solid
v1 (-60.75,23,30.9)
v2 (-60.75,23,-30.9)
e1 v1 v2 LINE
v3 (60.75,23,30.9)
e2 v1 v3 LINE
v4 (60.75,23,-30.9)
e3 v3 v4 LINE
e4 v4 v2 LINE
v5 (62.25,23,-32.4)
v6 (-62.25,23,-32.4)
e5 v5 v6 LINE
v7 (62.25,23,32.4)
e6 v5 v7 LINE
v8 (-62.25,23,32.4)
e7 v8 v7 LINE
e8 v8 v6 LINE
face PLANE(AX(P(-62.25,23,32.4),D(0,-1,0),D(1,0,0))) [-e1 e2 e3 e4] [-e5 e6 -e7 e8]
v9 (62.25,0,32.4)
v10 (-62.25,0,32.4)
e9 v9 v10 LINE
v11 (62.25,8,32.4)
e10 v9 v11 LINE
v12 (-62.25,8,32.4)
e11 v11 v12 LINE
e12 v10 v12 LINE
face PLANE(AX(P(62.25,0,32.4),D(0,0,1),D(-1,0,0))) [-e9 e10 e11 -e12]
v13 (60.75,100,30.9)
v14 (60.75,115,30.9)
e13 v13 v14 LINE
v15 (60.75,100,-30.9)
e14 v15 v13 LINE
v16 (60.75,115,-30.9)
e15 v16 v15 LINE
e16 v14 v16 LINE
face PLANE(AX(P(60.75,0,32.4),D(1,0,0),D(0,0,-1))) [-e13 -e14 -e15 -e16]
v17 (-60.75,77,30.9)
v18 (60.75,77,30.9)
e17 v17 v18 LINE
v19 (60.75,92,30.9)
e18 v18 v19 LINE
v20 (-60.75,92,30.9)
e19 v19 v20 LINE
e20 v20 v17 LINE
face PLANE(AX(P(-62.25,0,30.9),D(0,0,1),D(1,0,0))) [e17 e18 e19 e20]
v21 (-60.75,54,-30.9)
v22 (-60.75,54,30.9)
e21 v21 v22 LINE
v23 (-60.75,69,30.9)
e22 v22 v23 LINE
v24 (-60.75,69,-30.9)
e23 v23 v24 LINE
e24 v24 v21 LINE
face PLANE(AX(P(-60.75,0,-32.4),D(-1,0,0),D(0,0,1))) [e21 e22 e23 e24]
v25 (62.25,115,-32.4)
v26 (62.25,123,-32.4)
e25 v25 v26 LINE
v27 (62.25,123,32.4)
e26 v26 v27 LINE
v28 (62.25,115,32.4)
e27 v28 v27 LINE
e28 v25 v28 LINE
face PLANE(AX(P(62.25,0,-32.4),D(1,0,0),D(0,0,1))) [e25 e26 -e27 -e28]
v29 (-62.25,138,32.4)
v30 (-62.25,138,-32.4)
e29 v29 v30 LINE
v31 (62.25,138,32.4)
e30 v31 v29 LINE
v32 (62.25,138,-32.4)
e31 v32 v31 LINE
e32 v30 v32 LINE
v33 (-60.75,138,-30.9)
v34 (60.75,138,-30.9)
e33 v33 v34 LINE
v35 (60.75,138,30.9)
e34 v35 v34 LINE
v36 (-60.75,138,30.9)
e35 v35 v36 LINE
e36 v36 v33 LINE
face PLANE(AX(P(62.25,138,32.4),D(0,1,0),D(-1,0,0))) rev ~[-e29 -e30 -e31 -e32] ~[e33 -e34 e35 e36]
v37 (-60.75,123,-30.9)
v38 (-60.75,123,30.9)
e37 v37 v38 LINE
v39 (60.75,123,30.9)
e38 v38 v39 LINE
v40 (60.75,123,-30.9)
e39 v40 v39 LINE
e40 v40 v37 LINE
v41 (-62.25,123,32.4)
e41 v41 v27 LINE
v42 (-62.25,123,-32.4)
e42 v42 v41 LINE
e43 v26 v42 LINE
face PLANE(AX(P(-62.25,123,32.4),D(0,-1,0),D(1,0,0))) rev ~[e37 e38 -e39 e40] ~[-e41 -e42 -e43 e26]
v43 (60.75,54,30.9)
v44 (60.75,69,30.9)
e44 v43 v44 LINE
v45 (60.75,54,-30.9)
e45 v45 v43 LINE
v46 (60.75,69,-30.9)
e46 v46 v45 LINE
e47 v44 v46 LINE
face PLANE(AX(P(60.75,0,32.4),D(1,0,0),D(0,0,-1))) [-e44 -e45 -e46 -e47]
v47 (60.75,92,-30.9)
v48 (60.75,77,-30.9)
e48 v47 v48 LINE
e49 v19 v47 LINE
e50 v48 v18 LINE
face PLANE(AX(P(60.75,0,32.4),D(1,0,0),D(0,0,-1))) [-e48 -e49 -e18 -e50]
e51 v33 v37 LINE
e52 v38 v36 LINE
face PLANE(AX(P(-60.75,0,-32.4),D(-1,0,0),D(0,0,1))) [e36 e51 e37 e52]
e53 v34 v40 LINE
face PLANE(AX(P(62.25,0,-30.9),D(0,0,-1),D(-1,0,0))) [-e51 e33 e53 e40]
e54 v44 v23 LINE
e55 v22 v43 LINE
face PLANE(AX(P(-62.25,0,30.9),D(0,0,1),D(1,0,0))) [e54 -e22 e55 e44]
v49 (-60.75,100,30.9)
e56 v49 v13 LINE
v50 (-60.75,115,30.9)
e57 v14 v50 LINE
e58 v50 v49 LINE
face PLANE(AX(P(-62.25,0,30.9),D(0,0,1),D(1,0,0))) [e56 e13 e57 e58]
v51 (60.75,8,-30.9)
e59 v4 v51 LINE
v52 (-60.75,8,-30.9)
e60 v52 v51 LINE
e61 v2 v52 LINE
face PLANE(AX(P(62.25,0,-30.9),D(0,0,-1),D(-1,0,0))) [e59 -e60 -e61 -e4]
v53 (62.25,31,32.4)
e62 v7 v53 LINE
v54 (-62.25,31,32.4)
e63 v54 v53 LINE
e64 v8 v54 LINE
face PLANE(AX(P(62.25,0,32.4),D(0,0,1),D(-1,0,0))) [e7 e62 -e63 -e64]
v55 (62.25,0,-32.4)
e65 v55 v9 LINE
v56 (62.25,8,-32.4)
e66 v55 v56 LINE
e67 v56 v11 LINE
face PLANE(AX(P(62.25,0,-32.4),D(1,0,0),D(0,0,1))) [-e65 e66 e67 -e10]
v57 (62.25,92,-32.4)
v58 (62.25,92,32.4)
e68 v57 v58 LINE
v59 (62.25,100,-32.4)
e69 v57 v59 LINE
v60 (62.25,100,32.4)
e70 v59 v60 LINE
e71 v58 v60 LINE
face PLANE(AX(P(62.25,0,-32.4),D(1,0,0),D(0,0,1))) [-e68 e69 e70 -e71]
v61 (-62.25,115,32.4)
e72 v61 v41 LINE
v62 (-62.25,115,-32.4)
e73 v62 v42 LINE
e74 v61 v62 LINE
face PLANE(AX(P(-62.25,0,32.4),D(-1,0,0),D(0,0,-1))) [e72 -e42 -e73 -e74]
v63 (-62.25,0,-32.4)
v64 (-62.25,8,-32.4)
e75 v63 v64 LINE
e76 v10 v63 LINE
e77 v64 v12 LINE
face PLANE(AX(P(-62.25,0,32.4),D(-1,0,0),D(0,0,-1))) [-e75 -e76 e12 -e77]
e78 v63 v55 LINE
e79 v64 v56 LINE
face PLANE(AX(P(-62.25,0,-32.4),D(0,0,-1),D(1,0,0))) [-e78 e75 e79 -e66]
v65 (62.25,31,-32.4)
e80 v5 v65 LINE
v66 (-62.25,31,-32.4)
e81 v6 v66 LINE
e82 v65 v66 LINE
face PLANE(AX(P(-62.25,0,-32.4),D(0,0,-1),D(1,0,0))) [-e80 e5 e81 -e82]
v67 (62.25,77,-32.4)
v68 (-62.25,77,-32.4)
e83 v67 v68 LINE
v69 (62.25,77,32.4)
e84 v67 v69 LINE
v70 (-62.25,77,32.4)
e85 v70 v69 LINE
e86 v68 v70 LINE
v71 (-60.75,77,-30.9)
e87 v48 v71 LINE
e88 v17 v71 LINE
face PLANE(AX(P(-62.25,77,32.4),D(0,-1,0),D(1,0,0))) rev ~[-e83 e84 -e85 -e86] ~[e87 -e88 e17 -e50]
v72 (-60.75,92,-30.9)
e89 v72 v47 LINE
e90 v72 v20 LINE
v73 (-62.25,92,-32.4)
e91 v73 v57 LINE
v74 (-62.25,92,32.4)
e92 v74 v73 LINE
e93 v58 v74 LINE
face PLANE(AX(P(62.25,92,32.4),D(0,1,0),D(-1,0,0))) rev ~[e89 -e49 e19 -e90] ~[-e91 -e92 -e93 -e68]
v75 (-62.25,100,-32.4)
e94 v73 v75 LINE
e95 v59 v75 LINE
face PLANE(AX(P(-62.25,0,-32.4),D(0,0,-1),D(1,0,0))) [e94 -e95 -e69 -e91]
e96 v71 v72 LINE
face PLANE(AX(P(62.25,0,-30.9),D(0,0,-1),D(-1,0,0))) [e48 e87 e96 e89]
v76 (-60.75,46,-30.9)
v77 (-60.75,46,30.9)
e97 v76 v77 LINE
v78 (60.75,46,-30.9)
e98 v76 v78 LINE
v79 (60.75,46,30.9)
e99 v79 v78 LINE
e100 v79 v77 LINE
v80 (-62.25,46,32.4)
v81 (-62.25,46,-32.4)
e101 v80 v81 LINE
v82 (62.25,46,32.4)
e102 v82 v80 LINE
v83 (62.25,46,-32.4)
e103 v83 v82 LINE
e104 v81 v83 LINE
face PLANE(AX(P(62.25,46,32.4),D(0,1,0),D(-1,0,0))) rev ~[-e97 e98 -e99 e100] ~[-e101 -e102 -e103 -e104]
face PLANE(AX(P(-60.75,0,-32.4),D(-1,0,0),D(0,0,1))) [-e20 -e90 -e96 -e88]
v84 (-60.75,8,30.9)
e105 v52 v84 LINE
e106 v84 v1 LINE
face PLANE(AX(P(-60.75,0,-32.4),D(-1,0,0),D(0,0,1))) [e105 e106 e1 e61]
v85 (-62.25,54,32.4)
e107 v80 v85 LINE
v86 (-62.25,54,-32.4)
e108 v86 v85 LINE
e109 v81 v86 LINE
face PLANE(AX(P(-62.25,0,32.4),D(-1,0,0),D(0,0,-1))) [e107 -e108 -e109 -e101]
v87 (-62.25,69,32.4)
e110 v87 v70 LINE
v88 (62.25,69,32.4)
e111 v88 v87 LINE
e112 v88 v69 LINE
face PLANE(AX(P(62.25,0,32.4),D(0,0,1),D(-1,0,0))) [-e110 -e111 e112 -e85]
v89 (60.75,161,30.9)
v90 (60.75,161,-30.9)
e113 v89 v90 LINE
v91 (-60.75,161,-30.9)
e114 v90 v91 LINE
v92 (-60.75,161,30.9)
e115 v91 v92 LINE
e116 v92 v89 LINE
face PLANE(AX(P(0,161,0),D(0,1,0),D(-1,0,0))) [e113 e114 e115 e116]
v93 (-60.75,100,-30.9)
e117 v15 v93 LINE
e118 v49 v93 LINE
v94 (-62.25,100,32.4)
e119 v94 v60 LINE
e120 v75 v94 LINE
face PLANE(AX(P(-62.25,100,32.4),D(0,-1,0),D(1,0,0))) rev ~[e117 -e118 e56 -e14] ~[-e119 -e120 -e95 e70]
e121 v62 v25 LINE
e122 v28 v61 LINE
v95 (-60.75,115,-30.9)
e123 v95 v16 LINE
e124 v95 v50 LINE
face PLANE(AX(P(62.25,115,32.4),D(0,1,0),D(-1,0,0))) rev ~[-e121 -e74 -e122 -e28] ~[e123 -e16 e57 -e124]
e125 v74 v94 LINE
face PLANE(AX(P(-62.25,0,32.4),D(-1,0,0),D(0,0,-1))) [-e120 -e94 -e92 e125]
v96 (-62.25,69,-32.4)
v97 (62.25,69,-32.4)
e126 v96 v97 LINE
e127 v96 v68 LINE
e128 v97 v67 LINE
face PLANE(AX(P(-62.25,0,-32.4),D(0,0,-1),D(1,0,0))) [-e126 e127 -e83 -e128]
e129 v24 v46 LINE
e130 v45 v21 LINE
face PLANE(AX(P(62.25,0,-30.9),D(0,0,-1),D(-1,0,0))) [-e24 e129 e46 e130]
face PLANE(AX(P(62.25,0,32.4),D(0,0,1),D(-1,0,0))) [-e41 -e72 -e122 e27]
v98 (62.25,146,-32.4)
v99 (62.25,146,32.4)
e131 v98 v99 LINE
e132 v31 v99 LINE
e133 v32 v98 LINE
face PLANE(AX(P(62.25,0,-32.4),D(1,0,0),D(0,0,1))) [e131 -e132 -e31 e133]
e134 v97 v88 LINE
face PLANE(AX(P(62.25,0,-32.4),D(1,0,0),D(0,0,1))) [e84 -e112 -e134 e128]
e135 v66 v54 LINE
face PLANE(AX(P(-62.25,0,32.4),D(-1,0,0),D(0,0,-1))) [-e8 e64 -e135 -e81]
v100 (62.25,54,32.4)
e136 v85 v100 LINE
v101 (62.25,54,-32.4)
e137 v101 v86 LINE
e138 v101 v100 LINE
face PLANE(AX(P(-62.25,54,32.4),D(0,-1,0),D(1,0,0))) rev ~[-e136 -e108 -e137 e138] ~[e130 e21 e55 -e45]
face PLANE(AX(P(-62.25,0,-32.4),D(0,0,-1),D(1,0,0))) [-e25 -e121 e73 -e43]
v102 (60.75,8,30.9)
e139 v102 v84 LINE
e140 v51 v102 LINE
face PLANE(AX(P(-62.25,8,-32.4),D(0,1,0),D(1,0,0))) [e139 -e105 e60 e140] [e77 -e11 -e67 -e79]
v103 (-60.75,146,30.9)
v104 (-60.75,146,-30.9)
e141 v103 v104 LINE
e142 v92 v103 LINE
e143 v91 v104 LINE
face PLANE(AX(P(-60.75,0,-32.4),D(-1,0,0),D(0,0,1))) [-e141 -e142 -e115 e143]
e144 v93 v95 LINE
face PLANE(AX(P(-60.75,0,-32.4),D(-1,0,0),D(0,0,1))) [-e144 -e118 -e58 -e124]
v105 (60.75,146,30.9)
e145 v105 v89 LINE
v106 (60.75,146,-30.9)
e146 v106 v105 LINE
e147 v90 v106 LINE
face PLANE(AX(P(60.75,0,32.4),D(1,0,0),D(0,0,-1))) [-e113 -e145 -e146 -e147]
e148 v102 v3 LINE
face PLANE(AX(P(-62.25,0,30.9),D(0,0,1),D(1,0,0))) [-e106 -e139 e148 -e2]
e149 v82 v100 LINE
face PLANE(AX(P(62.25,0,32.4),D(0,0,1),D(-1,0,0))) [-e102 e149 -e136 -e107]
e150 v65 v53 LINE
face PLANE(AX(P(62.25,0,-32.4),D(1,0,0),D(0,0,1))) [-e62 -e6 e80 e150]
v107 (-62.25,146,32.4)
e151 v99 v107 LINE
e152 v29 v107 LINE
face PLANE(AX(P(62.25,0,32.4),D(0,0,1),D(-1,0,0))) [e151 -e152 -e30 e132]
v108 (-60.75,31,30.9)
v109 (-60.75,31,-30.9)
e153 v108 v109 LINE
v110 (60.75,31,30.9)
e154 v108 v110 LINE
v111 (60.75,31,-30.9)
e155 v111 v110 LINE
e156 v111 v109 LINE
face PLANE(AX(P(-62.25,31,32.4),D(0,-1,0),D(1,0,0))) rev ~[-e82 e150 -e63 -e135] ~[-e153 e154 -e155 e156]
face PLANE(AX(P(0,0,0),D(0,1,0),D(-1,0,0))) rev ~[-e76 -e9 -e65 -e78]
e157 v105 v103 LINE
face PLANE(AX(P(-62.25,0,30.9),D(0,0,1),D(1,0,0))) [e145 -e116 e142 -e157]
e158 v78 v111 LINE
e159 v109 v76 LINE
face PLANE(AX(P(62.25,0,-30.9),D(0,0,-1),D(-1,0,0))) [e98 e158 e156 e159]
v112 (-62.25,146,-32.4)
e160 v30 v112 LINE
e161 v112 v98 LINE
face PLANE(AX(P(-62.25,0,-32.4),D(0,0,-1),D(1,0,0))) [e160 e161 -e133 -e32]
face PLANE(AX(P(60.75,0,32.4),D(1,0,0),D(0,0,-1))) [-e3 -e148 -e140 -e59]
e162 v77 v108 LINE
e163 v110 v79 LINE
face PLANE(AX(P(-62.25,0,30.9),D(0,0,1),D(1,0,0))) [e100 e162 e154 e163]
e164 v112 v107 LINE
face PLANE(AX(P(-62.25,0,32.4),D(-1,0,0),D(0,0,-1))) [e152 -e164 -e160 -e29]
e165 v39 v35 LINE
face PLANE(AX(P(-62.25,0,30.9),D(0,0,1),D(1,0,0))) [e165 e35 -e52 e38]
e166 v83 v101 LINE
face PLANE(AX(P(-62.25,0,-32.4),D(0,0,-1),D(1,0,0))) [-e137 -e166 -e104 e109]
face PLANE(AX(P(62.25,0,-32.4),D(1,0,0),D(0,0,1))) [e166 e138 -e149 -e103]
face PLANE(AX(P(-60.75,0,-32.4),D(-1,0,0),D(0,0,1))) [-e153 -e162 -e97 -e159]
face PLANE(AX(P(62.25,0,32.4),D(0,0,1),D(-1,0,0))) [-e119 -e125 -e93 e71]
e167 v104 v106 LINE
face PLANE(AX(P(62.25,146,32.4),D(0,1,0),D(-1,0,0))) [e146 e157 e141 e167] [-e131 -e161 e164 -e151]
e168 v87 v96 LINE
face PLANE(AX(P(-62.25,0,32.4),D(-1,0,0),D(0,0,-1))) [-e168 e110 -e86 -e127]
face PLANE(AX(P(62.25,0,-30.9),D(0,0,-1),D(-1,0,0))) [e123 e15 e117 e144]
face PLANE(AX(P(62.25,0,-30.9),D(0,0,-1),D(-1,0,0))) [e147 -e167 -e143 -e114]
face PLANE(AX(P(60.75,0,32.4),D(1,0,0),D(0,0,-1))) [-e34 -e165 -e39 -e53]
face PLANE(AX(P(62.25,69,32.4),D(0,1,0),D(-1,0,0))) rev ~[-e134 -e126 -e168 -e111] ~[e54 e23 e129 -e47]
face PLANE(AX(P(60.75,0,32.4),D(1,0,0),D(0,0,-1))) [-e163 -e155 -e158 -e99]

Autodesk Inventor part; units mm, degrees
ref_plane "YZ Plane" through (0, 0, 0) normal (1, 0, 0) x (0, 1, 0)
ref_plane "XZ Plane" through (0, 0, 0) normal (0, 1, 0) x (-1, 0, 0)
ref_plane "XY Plane" through (0, 0, 0) normal (0, 0, 1) x (1, 0, 0)
sketch "Sketch1" plane through (0, 0, 0) normal (0, 1, 0) x (-1, 0, 0)
  line L0 (62.25, -32.4) -> (-62.25, -32.4)
  line L1 (-62.25, -32.4) -> (-62.25, 32.4)
  line L2 (-62.25, 32.4) -> (62.25, 32.4)
  line L3 (62.25, 32.4) -> (62.25, -32.4)
  point P0 (0, 0)
  point P1 (62.25, 0)
  point P2 (0, -32.4)
  dimension "d0" = 124.5
  dimension "d2" = 64.8
extrude "Extrusion1" add sketch "Sketch1" along normal blind 161
sketch "Sketch2" plane through (-62.25, 0, 32.4) normal (0, 0, 1) x (1, 0, 0)
  line L0 (124.5, 0) -> (0, 0) projected
  line L1 (124.5, 0) -> (124.5, 161) projected
  line L2 (0, 0) -> (0, 161) projected
  line L3 (0, 23) -> (124.5, 23)
  line L4 (124.5, 23) -> (124.5, 8)
  line L5 (124.5, 8) -> (0, 8)
  line L6 (0, 8) -> (0, 23)
  line L7 (0, 31) -> (124.5, 31)
  line L8 (124.5, 31) -> (124.5, 46)
  line L9 (124.5, 46) -> (0, 46)
  line L10 (0, 46) -> (0, 31)
  line L11 (0, 54) -> (124.5, 54)
  line L12 (124.5, 54) -> (124.5, 69)
  line L13 (124.5, 69) -> (0, 69)
  line L14 (0, 69) -> (0, 54)
  line L15 (0, 77) -> (124.5, 77)
  line L16 (124.5, 77) -> (124.5, 92)
  line L17 (124.5, 92) -> (0, 92)
  line L18 (0, 92) -> (0, 77)
  line L19 (0, 100) -> (124.5, 100)
  line L20 (124.5, 100) -> (124.5, 115)
  line L21 (124.5, 115) -> (0, 115)
  line L22 (0, 115) -> (0, 100)
  line L23 (0, 123) -> (124.5, 123)
  line L24 (124.5, 123) -> (124.5, 138)
  line L25 (124.5, 138) -> (0, 138)
  line L26 (0, 138) -> (0, 123)
  line L27 (124.5, 146) -> (0, 146)
  line L28 (0, 146) -> (0, 161)
  line L29 (0, 161) -> (124.5, 161)
  line L30 (124.5, 161) -> (124.5, 146)
  point P0 (62.25, 0)
  dimension "d5" = 8
  dimension "d6" = 15
  dimension "d7" = 8
  dimension "d8" = 15
  dimension "d9" = 8
  dimension "d10" = 15
  dimension "d11" = 8
  dimension "d12" = 15
  dimension "d13" = 8
  dimension "d14" = 8
  dimension "d15" = 15
  dimension "d16" = 15
  dimension "d17" = 8
  dimension "d18" = 15
sketch "Sketch3" plane through (62.25, 0, -32.4) normal (0, 0, -1) x (-1, 0, 0)
  line L0 (0, 161) -> (124.5, 161) projected
  line L1 (0, 23) -> (124.5, 23)
  line L2 (124.5, 23) -> (124.5, 8)
  line L3 (124.5, 8) -> (0, 8)
  line L4 (0, 8) -> (0, 23)
  line L5 (0, 31) -> (124.5, 31)
  line L6 (124.5, 31) -> (124.5, 46)
  line L7 (124.5, 46) -> (0, 46)
  line L8 (0, 46) -> (0, 31)
  line L9 (0, 54) -> (124.5, 54)
  line L10 (124.5, 54) -> (124.5, 69)
  line L11 (124.5, 69) -> (0, 69)
  line L12 (0, 69) -> (0, 54)
  line L13 (0, 77) -> (124.5, 77)
  line L14 (124.5, 77) -> (124.5, 92)
  line L15 (124.5, 92) -> (0, 92)
  line L16 (0, 92) -> (0, 77)
  line L17 (0, 100) -> (124.5, 100)
  line L18 (124.5, 100) -> (124.5, 115)
  line L19 (124.5, 115) -> (0, 115)
  line L20 (0, 115) -> (0, 100)
  line L21 (0, 123) -> (124.5, 123)
  line L22 (124.5, 123) -> (124.5, 138)
  line L23 (124.5, 138) -> (0, 138)
  line L24 (0, 138) -> (0, 123)
  line L25 (124.5, 146) -> (0, 146)
  line L26 (0, 146) -> (0, 161)
  line L27 (0, 161) -> (124.5, 161)
  line L28 (124.5, 161) -> (124.5, 146)
  point P0 (62.25, 0)
  point P1 (62.25, 0)
  dimension "d20" = 15
  dimension "d21" = 8
  dimension "d22" = 15
  dimension "d23" = 8
  dimension "d24" = 15
  dimension "d25" = 8
  dimension "d26" = 15
  dimension "d27" = 8
  dimension "d28" = 8
  dimension "d29" = 15
  dimension "d30" = 15
  dimension "d31" = 8
  dimension "d32" = 15
extrude "Extrusion2" cut sketch "Sketch3" against normal blind 1.5
extrude "Extrusion3" cut sketch "Sketch2" against normal blind 1.5 contours L5 L2 L3 L1 | L7 L2 L9 L1 | L11 L2 L13 L1 | L15 L2 L17 L1 | L19 L2 L21 L1 | L23 L2 L25 L1 | L27 L2 L29 L1
sketch "Sketch5" plane through (62.25, 0, 32.4) normal (1, 0, 0) x (0, 0, -1)
  line L0 (1.5, 161) -> (63.3, 161)
  line L1 (63.3, 161) -> (63.3, 146)
  line L2 (63.3, 146) -> (1.5, 146)
  line L3 (1.5, 146) -> (1.5, 161)
  line L4 (1.5, 138) -> (63.3, 138)
  line L5 (63.3, 138) -> (63.3, 123)
  line L6 (63.3, 123) -> (1.5, 123)
  line L7 (1.5, 123) -> (1.5, 138)
  line L8 (1.5, 115) -> (63.3, 115)
  line L9 (63.3, 115) -> (63.3, 100)
  line L10 (63.3, 100) -> (1.5, 100)
  line L11 (1.5, 100) -> (1.5, 115)
  line L12 (1.5, 92) -> (63.3, 92)
  line L13 (63.3, 92) -> (63.3, 77)
  line L14 (63.3, 77) -> (1.5, 77)
  line L15 (1.5, 77) -> (1.5, 92)
  line L16 (1.5, 69) -> (63.3, 69)
  line L17 (63.3, 69) -> (63.3, 54)
  line L18 (63.3, 54) -> (1.5, 54)
  line L19 (1.5, 54) -> (1.5, 69)
  line L20 (1.5, 46) -> (63.3, 46)
  line L21 (63.3, 46) -> (63.3, 31)
  line L22 (63.3, 31) -> (1.5, 31)
  line L23 (1.5, 31) -> (1.5, 46)
  line L24 (1.5, 23) -> (63.3, 23)
  line L25 (63.3, 23) -> (63.3, 8)
  line L26 (63.3, 8) -> (1.5, 8)
  line L27 (1.5, 8) -> (1.5, 23)
  point P0 (32.4, 0)
sketch "Sketch6" plane through (-62.25, 0, -32.4) normal (-1, 0, 0) x (0, 0, 1)
  line L0 (1.5, 161) -> (63.3, 161) projected
  line L1 (1.5, 161) -> (1.5, 146) projected
  line L2 (1.5, 161) -> (63.3, 161)
  line L3 (63.3, 161) -> (63.3, 146)
  line L4 (63.3, 146) -> (1.5, 146)
  line L5 (1.5, 146) -> (1.5, 161)
  line L6 (63.3, 138) -> (1.5, 138)
  line L7 (1.5, 138) -> (1.5, 123)
  line L8 (1.5, 123) -> (63.3, 123)
  line L9 (63.3, 123) -> (63.3, 138)
  line L10 (1.5, 115) -> (63.3, 115)
  line L11 (63.3, 115) -> (63.3, 100)
  line L12 (63.3, 100) -> (1.5, 100)
  line L13 (1.5, 100) -> (1.5, 115)
  line L14 (1.5, 92) -> (63.3, 92)
  line L15 (63.3, 92) -> (63.3, 77)
  line L16 (63.3, 77) -> (1.5, 77)
  line L17 (1.5, 77) -> (1.5, 92)
  line L18 (63.3, 69) -> (1.5, 69)
  line L19 (1.5, 69) -> (1.5, 54)
  line L20 (1.5, 54) -> (63.3, 54)
  line L21 (63.3, 54) -> (63.3, 69)
  line L22 (1.5, 46) -> (63.3, 46)
  line L23 (63.3, 46) -> (63.3, 31)
  line L24 (63.3, 31) -> (1.5, 31)
  line L25 (1.5, 31) -> (1.5, 46)
  line L26 (63.3, 23) -> (1.5, 23)
  line L27 (1.5, 23) -> (1.5, 8)
  line L28 (1.5, 8) -> (63.3, 8)
  line L29 (63.3, 8) -> (63.3, 23)
  point P0 (32.4, 0)
extrude "Extrusion4" cut sketch "Sketch6" against normal blind 1.5
extrude "Extrusion5" cut sketch "Sketch5" against normal blind 1.5
equation "\"d0\" = BtWd"
equation "\"d2\" = BtDp"
equation "\"d3\" = BatteryHt"
equation "\"d5\" = RidgeWd"
equation "\"d6\" = RidgeGapWd"
equation "\"d7\" = d5"
equation "\"d8\" = d6"
equation "\"d9\" = d7"
equation "\"d10\" = d6"
equation "\"d11\" = d5"
equation "\"d12\" = d6"
equation "\"d13\" = d5"
equation "\"d14\" = d5"
equation "\"d15\" = d6"
equation "\"d16\" = d15"
equation "\"d17\" = d14"
equation "\"d18\" = d16"
equation "\"d20\" = d34"
equation "\"d21\" = d19"
equation "\"d22\" = d20"
equation "\"d23\" = d21"
equation "\"d24\" = d20"
equation "\"d25\" = d19"
equation "\"d26\" = d20"
equation "\"d27\" = d19"
equation "\"d28\" = d19"
equation "\"d29\" = d20"
equation "\"d30\" = d29"
equation "\"d31\" = d28"
equation "\"d32\" = d30"
equation "\"d36\" = RidgeThickness"
equation "\"d38\" = RidgeThickness"
equation "\"d40\" = RidgeThickness"
equation "\"d42\" = RidgeThickness"
equation "\"d19\" = d33"
equation "\"BtWd\" = 124.5"
equation "\"BtDp\" = 64.8"
equation "\"BatteryHt\" = 161"
equation "\"RidgeWd\" = 8"
equation "\"RidgeGapWd\" = 15"
equation "\"d34\" = 15"
equation "\"RidgeThickness\" = 1.5"
equation "\"d33\" = 8"
properties part number "L16-TSV-8.1"
